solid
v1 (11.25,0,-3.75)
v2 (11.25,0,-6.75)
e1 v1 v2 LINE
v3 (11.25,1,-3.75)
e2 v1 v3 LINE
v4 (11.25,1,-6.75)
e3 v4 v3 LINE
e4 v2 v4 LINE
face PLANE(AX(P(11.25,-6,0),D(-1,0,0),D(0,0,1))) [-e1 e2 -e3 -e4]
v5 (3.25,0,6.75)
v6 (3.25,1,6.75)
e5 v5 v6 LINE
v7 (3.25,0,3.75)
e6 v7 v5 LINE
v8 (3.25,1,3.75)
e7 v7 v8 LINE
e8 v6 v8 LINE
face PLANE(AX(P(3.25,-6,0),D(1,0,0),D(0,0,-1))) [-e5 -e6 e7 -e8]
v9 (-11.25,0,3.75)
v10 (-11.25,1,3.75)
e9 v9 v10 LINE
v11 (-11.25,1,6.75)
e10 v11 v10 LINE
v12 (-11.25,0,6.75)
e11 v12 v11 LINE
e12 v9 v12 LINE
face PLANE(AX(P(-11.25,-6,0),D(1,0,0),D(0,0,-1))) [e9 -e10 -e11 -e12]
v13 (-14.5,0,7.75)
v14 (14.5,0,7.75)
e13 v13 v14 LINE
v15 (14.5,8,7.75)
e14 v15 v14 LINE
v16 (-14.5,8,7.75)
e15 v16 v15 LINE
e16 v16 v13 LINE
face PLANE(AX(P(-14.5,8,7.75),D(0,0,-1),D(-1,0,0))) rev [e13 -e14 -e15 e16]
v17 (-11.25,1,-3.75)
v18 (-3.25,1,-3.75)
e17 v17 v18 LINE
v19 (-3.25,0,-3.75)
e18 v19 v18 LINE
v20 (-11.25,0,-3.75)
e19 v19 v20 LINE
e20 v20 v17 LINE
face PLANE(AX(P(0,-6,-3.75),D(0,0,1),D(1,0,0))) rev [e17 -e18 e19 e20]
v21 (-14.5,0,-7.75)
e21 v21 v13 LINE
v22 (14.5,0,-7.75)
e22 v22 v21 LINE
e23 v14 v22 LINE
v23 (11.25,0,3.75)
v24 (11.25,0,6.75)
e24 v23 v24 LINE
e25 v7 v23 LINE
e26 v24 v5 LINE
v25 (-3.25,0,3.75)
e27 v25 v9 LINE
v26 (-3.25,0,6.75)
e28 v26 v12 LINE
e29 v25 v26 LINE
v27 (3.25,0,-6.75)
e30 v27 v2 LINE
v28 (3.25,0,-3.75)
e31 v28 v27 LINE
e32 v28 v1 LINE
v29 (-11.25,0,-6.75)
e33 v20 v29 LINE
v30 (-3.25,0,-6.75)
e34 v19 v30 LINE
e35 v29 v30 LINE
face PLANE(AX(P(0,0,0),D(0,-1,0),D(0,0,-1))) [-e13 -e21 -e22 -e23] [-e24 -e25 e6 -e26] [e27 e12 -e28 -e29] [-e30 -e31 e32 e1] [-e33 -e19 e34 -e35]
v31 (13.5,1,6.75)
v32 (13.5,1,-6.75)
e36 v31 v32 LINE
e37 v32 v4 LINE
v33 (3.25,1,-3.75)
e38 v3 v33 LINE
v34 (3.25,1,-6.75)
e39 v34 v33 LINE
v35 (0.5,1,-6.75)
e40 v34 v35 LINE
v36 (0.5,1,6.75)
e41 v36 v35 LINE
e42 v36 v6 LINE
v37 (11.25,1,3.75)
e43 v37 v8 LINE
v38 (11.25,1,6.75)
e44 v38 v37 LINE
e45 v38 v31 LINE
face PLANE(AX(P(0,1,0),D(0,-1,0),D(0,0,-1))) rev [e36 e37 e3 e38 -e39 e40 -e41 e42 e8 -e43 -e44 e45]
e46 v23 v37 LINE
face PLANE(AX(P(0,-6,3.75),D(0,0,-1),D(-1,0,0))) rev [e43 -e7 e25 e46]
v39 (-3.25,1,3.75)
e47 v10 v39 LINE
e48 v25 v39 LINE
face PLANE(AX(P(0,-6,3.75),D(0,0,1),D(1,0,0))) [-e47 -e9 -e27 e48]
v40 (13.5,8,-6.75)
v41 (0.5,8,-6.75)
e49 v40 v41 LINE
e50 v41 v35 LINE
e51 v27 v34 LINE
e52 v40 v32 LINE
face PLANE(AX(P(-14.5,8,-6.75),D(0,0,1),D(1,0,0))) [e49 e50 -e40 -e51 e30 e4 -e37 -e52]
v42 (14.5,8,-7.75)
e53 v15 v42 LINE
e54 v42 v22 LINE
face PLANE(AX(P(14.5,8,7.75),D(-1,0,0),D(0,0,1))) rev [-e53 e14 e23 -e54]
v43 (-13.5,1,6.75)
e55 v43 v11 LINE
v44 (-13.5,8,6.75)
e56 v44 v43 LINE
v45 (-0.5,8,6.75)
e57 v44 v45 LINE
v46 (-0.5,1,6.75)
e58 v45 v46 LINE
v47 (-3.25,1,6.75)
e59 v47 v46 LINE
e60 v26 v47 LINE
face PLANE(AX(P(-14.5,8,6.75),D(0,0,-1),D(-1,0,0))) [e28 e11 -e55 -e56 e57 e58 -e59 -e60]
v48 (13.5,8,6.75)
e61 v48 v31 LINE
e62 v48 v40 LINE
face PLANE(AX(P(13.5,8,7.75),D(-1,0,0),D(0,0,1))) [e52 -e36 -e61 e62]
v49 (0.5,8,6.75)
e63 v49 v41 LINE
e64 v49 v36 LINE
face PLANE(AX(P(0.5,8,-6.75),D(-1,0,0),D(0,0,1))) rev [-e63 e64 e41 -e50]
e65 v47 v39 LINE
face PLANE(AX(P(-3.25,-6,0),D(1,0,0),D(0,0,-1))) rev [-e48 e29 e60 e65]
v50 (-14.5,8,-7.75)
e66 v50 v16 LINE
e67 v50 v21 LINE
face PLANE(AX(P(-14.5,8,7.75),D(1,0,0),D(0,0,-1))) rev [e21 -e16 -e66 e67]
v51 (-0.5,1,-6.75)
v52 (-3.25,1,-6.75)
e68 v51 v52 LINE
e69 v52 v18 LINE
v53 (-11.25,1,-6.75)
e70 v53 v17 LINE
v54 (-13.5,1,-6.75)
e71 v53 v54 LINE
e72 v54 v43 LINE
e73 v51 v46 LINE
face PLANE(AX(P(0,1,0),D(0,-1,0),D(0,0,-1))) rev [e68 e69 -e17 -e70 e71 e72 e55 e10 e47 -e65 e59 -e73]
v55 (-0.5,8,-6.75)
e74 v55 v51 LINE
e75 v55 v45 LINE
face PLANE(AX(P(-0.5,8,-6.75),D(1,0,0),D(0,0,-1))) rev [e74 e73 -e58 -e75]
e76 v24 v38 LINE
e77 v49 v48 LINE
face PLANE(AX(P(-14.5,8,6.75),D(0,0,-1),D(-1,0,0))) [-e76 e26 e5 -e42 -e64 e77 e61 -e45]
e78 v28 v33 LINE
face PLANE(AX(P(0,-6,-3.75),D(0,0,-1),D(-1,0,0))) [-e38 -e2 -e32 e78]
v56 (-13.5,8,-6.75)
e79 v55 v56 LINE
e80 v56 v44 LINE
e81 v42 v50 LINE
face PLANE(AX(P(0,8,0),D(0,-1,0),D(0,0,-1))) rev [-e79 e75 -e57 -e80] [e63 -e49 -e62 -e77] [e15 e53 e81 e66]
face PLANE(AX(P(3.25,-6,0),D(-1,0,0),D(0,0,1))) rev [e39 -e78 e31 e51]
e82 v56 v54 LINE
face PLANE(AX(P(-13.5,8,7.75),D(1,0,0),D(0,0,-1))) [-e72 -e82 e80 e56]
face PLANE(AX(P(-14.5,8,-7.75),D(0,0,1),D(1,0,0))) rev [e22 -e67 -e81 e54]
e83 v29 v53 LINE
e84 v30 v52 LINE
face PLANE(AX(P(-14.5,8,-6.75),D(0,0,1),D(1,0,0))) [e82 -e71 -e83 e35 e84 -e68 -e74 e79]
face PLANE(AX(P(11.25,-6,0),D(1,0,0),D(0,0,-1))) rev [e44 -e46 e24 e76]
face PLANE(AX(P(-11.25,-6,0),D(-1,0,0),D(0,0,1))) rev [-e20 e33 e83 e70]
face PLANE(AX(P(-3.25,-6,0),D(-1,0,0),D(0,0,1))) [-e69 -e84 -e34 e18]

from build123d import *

# Parameters (mm, degrees)
SKETCH1_W           = 29
SKETCH1_H           = 15.5
BOSS_EXTRUDE1_DEPTH = 8
SHELL1_T            = -1
SKETCH2_W           = 1
SKETCH2_H           = 13.5
BOSS_EXTRUDE2_DEPTH = 7
SKETCH3_W           = 8
SKETCH3_H           = 3
CUT_EXTRUDE1_DEPTH  = 7


with BuildPart() as part:
    # Sketch1 → Boss-Extrude1 (new body)
    with BuildSketch(Plane(origin=(0, 0, 0), x_dir=(1, 0, 0), z_dir=(0, 1, 0))):
        Rectangle(SKETCH1_W, SKETCH1_H)
    extrude(amount=BOSS_EXTRUDE1_DEPTH)

    # Shell1
    shell1_openings = [part.faces().sort_by_distance(p)[0] for p in [
        (0, 8, 0),
    ]]
    offset(amount=SHELL1_T, openings=shell1_openings, kind=Kind.INTERSECTION)

    # Sketch2 → Boss-Extrude2 (add)
    with BuildSketch(Plane(origin=(0, 1, 0), x_dir=(1, 0, 0), z_dir=(0, 1, 0))):
        Rectangle(SKETCH2_W, SKETCH2_H)
    extrude(amount=BOSS_EXTRUDE2_DEPTH)

    # Sketch3 → Cut-Extrude1 (cut)
    with BuildSketch(Plane(origin=(0, 1, 0), x_dir=(1, 0, 0), z_dir=(0, 1, 0))):
        with Locations((-7.25, 5.25)):
            Rectangle(SKETCH3_W, SKETCH3_H)
        with Locations((7.25, 5.25)):
            Rectangle(SKETCH3_W, SKETCH3_H)
        with Locations((7.25, -5.25)):
            Rectangle(SKETCH3_W, SKETCH3_H)
        with Locations((-7.25, -5.25)):
            Rectangle(SKETCH3_W, SKETCH3_H)
    extrude(amount=-CUT_EXTRUDE1_DEPTH, mode=Mode.SUBTRACT)


solid = part.part
